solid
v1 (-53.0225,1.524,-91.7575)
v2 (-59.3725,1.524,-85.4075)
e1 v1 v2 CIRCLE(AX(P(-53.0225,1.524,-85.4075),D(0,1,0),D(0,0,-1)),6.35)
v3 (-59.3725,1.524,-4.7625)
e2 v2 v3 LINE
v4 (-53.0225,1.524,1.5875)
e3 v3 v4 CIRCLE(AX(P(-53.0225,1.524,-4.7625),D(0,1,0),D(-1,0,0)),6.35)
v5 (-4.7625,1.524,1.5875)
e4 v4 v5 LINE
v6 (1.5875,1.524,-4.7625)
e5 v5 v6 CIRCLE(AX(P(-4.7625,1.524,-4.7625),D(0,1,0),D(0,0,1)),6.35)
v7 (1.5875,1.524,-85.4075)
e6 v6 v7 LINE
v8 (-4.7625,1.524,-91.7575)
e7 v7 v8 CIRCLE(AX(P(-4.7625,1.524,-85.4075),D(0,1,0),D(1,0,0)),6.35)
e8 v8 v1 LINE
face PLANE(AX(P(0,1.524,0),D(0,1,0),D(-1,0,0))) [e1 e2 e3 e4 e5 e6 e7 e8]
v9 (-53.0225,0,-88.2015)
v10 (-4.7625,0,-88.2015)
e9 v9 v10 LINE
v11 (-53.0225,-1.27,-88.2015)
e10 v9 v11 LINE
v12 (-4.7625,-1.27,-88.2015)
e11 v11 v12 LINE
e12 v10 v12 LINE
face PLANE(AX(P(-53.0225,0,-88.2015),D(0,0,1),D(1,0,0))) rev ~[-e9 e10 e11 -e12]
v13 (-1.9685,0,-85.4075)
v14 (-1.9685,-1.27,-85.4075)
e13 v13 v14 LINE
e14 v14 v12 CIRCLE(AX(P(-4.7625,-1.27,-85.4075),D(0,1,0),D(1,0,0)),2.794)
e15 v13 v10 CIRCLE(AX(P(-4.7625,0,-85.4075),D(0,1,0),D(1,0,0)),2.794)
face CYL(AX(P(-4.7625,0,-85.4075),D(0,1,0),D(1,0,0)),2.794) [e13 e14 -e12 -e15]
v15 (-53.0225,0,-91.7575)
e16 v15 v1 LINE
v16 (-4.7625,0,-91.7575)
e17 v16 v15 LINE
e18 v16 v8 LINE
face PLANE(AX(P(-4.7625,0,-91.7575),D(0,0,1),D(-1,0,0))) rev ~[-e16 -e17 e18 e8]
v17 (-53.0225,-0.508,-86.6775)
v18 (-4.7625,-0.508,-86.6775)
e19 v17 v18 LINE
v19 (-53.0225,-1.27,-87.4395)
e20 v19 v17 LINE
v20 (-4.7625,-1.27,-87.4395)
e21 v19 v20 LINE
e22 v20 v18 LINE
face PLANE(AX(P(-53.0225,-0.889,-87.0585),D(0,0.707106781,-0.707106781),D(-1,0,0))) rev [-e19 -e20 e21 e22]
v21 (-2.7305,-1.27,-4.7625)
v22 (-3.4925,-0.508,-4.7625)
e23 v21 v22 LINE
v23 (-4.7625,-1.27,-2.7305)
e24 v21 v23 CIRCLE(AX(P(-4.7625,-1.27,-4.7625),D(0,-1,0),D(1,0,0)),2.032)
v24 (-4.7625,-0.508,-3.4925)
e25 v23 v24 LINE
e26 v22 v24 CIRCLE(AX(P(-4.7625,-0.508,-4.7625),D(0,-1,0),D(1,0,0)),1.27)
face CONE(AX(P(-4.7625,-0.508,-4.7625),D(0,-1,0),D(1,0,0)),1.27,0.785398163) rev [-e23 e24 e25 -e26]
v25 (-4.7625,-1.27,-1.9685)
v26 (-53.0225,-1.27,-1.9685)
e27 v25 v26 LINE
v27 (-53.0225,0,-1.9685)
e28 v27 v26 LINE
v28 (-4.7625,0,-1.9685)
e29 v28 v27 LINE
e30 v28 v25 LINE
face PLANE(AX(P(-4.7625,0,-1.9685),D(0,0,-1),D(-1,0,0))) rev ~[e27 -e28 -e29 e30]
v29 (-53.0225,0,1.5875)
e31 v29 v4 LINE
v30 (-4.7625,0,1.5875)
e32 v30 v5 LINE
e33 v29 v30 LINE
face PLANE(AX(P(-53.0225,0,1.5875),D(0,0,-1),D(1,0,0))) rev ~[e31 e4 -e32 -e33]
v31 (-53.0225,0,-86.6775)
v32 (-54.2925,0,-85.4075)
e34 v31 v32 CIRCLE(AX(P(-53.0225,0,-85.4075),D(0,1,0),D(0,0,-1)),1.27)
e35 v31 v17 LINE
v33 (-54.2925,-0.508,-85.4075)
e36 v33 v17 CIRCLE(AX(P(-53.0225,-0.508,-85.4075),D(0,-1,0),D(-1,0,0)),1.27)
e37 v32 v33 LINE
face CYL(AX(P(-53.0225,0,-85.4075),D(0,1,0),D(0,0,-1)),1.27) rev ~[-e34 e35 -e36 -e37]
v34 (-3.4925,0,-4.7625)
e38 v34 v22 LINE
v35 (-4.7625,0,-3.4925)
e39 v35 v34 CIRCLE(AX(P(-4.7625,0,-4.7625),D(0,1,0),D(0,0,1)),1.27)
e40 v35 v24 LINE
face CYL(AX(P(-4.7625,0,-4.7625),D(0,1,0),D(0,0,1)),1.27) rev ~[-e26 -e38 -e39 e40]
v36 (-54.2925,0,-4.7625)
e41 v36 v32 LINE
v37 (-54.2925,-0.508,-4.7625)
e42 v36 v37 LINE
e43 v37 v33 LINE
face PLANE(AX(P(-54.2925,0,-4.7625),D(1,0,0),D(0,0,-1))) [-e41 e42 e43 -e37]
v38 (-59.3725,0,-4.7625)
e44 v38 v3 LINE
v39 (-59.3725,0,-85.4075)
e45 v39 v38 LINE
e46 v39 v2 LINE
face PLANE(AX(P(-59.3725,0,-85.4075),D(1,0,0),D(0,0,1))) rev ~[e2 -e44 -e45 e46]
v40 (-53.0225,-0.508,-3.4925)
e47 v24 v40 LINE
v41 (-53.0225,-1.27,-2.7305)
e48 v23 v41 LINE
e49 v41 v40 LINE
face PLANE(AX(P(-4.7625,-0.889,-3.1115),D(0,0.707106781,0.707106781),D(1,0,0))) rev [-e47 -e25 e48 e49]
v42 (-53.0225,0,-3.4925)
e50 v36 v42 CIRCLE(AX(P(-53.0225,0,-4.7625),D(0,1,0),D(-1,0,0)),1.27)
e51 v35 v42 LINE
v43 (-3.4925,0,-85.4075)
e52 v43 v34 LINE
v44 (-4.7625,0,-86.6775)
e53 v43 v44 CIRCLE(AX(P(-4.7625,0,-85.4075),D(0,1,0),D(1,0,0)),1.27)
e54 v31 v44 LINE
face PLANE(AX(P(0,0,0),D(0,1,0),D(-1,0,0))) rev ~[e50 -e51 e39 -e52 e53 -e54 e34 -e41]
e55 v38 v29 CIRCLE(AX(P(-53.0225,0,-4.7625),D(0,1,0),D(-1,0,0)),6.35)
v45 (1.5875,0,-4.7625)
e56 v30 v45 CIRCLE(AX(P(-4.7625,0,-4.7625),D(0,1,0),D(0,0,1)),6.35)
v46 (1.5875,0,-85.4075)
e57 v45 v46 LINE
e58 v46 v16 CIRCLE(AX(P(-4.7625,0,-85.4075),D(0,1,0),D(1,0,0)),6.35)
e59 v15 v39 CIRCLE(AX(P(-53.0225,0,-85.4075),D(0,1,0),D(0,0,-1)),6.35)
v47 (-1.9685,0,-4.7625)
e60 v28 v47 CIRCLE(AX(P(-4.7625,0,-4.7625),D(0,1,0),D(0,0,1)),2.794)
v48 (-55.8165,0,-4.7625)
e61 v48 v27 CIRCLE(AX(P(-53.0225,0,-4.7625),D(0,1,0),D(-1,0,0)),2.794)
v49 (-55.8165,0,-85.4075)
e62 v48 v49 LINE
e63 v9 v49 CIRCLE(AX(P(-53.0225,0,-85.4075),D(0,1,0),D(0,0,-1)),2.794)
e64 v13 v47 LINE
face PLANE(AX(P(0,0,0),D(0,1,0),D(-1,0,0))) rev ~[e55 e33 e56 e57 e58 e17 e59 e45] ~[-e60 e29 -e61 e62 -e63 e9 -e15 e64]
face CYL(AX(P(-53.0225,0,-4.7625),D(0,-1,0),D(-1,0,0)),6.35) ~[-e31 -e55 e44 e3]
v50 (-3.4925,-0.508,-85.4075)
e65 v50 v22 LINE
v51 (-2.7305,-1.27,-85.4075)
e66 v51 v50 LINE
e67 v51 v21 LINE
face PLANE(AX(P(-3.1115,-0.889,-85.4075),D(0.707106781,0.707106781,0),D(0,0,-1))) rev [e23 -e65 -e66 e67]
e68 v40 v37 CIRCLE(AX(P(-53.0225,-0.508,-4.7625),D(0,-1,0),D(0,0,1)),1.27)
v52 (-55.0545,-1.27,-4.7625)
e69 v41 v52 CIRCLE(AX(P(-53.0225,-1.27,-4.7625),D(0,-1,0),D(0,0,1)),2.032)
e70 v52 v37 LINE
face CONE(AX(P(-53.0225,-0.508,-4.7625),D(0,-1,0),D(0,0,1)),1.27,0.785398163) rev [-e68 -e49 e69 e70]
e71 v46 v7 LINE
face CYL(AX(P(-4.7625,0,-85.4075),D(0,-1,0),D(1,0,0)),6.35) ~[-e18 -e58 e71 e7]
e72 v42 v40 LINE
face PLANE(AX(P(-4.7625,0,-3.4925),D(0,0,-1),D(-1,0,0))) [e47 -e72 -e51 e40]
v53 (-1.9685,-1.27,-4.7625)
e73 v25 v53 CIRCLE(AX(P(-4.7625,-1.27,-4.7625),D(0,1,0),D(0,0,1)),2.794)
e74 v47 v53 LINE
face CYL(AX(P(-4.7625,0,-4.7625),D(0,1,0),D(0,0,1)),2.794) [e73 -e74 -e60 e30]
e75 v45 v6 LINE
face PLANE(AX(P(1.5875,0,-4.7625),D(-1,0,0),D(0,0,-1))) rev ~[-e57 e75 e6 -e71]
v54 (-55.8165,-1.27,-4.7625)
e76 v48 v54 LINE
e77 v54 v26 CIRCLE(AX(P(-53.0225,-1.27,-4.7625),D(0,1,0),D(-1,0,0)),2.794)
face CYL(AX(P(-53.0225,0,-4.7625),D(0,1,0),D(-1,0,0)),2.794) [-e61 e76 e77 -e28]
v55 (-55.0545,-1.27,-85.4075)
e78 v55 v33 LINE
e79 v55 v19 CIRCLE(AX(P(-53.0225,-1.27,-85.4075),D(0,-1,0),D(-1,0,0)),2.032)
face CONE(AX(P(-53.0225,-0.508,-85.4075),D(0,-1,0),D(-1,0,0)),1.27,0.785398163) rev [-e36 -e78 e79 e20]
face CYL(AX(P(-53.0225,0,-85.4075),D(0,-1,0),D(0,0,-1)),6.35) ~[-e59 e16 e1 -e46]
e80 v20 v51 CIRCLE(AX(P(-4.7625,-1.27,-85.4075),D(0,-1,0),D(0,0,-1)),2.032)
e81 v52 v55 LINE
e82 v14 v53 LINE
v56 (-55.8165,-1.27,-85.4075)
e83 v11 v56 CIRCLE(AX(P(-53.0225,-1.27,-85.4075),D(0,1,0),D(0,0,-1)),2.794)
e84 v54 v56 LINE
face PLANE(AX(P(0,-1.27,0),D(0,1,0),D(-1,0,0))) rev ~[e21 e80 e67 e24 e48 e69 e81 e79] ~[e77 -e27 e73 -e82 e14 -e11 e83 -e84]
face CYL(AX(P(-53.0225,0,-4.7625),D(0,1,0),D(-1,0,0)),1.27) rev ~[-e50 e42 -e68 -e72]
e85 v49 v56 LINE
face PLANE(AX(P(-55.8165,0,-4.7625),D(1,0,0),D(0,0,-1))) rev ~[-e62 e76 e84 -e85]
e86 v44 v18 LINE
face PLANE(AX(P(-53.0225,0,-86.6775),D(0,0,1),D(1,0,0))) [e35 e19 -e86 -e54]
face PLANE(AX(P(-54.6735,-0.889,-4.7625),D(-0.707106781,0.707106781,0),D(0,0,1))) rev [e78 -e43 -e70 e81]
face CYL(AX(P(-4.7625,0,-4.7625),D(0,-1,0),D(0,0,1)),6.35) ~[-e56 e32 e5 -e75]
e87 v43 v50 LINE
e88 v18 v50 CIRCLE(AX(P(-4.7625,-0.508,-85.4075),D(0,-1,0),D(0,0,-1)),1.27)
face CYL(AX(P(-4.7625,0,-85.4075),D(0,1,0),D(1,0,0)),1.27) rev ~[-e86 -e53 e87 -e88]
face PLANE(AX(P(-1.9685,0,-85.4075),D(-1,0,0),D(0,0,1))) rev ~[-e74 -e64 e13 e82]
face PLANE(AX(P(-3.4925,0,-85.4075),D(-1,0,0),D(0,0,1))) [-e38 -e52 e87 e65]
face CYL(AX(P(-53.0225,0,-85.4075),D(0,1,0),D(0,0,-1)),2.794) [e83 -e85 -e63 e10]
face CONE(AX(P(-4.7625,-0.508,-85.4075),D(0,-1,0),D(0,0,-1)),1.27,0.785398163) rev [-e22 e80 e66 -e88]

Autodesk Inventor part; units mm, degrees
ref_plane "YZ Plane" through (0, 0, 0) normal (1, 0, 0) x (0, 1, 0)
ref_plane "XZ Plane" through (0, 0, 0) normal (0, 1, 0) x (-1, 0, 0)
ref_plane "XY Plane" through (0, 0, 0) normal (0, 0, 1) x (1, 0, 0)
sketch "Sketch1" plane through (0, 0, 0) normal (0, 1, 0) x (-1, 0, 0)
  line L0 (4.7625, 0) -> (53.0225, 0)
  line L1 (57.785, -4.7625) -> (57.785, -85.4075)
  line L2 (53.0225, -90.17) -> (4.7625, -90.17)
  line L3 (0, -85.4075) -> (0, -4.7625)
  arc A0 (57.785, -4.7625) -> (53.0225, 0) centre (53.0225, -4.7625) ccw
  arc A1 (4.7625, 0) -> (0, -4.7625) centre (4.7625, -4.7625) ccw
  arc A2 (0, -85.4075) -> (4.7625, -90.17) centre (4.7625, -85.4075) ccw
  arc A3 (53.0225, -90.17) -> (57.785, -85.4075) centre (53.0225, -85.4075) ccw
  line L4 (56.1975, -85.4075) -> (56.1975, -4.7625)
  arc A4 (56.1975, -4.7625) -> (53.0225, -1.5875) centre (53.0225, -4.7625) ccw
  line L5 (53.0225, -1.5875) -> (4.7625, -1.5875)
  arc A5 (4.7625, -1.5875) -> (1.5875, -4.7625) centre (4.7625, -4.7625) ccw
  line L6 (1.5875, -4.7625) -> (1.5875, -85.4075)
  arc A6 (1.5875, -85.4075) -> (4.7625, -88.5825) centre (4.7625, -85.4075) ccw
  line L7 (4.7625, -88.5825) -> (53.0225, -88.5825)
  arc A7 (53.0225, -88.5825) -> (56.1975, -85.4075) centre (53.0225, -85.4075) ccw
  line L8 (59.3725, -85.4075) -> (59.3725, -4.7625)
  arc A8 (59.3725, -4.7625) -> (53.0225, 1.5875) centre (53.0225, -4.7625) ccw
  line L9 (53.0225, 1.5875) -> (4.7625, 1.5875)
  arc A9 (4.7625, 1.5875) -> (-1.5875, -4.7625) centre (4.7625, -4.7625) ccw
  line L10 (-1.5875, -4.7625) -> (-1.5875, -85.4075)
  arc A10 (-1.5875, -85.4075) -> (4.7625, -91.7575) centre (4.7625, -85.4075) ccw
  line L11 (4.7625, -91.7575) -> (53.0225, -91.7575)
  arc A11 (53.0225, -91.7575) -> (59.3725, -85.4075) centre (53.0225, -85.4075) ccw
  line L12 (54.2925, -4.7625) -> (54.2925, -85.4075)
  arc A12 (53.0225, -86.6775) -> (54.2925, -85.4075) centre (53.0225, -85.4075) ccw
  line L13 (53.0225, -86.6775) -> (4.7625, -86.6775)
  arc A13 (3.4925, -85.4075) -> (4.7625, -86.6775) centre (4.7625, -85.4075) ccw
  line L14 (3.4925, -85.4075) -> (3.4925, -4.7625)
  arc A14 (4.7625, -3.4925) -> (3.4925, -4.7625) centre (4.7625, -4.7625) ccw
  line L15 (4.7625, -3.4925) -> (53.0225, -3.4925)
  arc A15 (54.2925, -4.7625) -> (53.0225, -3.4925) centre (53.0225, -4.7625) ccw
  line L16 (55.8165, -4.7625) -> (55.8165, -85.4075)
  arc A16 (53.0225, -88.2015) -> (55.8165, -85.4075) centre (53.0225, -85.4075) ccw
  line L17 (53.0225, -88.2015) -> (4.7625, -88.2015)
  arc A17 (1.9685, -85.4075) -> (4.7625, -88.2015) centre (4.7625, -85.4075) ccw
  line L18 (1.9685, -85.4075) -> (1.9685, -4.7625)
  arc A18 (4.7625, -1.9685) -> (1.9685, -4.7625) centre (4.7625, -4.7625) ccw
  line L19 (4.7625, -1.9685) -> (53.0225, -1.9685)
  arc A19 (55.8165, -4.7625) -> (53.0225, -1.9685) centre (53.0225, -4.7625) ccw
  point P0 (0, 0)
  point P1 (0, 0)
  point P2 (57.785, -90.17)
  point P3 (57.785, 0)
  point P4 (0, -90.17)
  dimension "d0" = 90.17
  dimension "d1" = 57.785
  dimension "d2" = 4.7625
  dimension "d3" = 1.5875
  dimension "d4" = 1.5875
  dimension "d5" = 1.905
  dimension "d6" = 0.381
extrude "Extrusion1" add sketch "Sketch1" along normal blind 1.524 contours L0 A0 L1 A3 L2 A2 L3 A1 | A7 L7 A6 L6 A5 L5 A4 L4 | A11 L11 A10 L10 A9 L9 A8 L8 | L12 A12 L13 A13 L14 A14 L15 A15 | L16 A16 L17 A17 L18 A18 L19 A19
extrude "Extrusion2" add sketch "Sketch1" against normal blind 1.27 contours L16 A16 L17 A17 L18 A18 L19 A19
chamfer "Chamfer1" distance 0.762 angle 45 8 edges at (-28.8925, -1.27, -3.4925) (-3.8645, -1.27, -3.8645) (-3.4925, -1.27, -45.085) (-3.8645, -1.27, -86.3055) (-28.8925, -1.27, -86.6775) (-53.9205, -1.27, -86.3055) (-54.2925, -1.27, -45.085) (-53.9205, -1.27, -3.8645)
equation "\"d3\" = d4"
properties part number "BatteryCaseSide3"
